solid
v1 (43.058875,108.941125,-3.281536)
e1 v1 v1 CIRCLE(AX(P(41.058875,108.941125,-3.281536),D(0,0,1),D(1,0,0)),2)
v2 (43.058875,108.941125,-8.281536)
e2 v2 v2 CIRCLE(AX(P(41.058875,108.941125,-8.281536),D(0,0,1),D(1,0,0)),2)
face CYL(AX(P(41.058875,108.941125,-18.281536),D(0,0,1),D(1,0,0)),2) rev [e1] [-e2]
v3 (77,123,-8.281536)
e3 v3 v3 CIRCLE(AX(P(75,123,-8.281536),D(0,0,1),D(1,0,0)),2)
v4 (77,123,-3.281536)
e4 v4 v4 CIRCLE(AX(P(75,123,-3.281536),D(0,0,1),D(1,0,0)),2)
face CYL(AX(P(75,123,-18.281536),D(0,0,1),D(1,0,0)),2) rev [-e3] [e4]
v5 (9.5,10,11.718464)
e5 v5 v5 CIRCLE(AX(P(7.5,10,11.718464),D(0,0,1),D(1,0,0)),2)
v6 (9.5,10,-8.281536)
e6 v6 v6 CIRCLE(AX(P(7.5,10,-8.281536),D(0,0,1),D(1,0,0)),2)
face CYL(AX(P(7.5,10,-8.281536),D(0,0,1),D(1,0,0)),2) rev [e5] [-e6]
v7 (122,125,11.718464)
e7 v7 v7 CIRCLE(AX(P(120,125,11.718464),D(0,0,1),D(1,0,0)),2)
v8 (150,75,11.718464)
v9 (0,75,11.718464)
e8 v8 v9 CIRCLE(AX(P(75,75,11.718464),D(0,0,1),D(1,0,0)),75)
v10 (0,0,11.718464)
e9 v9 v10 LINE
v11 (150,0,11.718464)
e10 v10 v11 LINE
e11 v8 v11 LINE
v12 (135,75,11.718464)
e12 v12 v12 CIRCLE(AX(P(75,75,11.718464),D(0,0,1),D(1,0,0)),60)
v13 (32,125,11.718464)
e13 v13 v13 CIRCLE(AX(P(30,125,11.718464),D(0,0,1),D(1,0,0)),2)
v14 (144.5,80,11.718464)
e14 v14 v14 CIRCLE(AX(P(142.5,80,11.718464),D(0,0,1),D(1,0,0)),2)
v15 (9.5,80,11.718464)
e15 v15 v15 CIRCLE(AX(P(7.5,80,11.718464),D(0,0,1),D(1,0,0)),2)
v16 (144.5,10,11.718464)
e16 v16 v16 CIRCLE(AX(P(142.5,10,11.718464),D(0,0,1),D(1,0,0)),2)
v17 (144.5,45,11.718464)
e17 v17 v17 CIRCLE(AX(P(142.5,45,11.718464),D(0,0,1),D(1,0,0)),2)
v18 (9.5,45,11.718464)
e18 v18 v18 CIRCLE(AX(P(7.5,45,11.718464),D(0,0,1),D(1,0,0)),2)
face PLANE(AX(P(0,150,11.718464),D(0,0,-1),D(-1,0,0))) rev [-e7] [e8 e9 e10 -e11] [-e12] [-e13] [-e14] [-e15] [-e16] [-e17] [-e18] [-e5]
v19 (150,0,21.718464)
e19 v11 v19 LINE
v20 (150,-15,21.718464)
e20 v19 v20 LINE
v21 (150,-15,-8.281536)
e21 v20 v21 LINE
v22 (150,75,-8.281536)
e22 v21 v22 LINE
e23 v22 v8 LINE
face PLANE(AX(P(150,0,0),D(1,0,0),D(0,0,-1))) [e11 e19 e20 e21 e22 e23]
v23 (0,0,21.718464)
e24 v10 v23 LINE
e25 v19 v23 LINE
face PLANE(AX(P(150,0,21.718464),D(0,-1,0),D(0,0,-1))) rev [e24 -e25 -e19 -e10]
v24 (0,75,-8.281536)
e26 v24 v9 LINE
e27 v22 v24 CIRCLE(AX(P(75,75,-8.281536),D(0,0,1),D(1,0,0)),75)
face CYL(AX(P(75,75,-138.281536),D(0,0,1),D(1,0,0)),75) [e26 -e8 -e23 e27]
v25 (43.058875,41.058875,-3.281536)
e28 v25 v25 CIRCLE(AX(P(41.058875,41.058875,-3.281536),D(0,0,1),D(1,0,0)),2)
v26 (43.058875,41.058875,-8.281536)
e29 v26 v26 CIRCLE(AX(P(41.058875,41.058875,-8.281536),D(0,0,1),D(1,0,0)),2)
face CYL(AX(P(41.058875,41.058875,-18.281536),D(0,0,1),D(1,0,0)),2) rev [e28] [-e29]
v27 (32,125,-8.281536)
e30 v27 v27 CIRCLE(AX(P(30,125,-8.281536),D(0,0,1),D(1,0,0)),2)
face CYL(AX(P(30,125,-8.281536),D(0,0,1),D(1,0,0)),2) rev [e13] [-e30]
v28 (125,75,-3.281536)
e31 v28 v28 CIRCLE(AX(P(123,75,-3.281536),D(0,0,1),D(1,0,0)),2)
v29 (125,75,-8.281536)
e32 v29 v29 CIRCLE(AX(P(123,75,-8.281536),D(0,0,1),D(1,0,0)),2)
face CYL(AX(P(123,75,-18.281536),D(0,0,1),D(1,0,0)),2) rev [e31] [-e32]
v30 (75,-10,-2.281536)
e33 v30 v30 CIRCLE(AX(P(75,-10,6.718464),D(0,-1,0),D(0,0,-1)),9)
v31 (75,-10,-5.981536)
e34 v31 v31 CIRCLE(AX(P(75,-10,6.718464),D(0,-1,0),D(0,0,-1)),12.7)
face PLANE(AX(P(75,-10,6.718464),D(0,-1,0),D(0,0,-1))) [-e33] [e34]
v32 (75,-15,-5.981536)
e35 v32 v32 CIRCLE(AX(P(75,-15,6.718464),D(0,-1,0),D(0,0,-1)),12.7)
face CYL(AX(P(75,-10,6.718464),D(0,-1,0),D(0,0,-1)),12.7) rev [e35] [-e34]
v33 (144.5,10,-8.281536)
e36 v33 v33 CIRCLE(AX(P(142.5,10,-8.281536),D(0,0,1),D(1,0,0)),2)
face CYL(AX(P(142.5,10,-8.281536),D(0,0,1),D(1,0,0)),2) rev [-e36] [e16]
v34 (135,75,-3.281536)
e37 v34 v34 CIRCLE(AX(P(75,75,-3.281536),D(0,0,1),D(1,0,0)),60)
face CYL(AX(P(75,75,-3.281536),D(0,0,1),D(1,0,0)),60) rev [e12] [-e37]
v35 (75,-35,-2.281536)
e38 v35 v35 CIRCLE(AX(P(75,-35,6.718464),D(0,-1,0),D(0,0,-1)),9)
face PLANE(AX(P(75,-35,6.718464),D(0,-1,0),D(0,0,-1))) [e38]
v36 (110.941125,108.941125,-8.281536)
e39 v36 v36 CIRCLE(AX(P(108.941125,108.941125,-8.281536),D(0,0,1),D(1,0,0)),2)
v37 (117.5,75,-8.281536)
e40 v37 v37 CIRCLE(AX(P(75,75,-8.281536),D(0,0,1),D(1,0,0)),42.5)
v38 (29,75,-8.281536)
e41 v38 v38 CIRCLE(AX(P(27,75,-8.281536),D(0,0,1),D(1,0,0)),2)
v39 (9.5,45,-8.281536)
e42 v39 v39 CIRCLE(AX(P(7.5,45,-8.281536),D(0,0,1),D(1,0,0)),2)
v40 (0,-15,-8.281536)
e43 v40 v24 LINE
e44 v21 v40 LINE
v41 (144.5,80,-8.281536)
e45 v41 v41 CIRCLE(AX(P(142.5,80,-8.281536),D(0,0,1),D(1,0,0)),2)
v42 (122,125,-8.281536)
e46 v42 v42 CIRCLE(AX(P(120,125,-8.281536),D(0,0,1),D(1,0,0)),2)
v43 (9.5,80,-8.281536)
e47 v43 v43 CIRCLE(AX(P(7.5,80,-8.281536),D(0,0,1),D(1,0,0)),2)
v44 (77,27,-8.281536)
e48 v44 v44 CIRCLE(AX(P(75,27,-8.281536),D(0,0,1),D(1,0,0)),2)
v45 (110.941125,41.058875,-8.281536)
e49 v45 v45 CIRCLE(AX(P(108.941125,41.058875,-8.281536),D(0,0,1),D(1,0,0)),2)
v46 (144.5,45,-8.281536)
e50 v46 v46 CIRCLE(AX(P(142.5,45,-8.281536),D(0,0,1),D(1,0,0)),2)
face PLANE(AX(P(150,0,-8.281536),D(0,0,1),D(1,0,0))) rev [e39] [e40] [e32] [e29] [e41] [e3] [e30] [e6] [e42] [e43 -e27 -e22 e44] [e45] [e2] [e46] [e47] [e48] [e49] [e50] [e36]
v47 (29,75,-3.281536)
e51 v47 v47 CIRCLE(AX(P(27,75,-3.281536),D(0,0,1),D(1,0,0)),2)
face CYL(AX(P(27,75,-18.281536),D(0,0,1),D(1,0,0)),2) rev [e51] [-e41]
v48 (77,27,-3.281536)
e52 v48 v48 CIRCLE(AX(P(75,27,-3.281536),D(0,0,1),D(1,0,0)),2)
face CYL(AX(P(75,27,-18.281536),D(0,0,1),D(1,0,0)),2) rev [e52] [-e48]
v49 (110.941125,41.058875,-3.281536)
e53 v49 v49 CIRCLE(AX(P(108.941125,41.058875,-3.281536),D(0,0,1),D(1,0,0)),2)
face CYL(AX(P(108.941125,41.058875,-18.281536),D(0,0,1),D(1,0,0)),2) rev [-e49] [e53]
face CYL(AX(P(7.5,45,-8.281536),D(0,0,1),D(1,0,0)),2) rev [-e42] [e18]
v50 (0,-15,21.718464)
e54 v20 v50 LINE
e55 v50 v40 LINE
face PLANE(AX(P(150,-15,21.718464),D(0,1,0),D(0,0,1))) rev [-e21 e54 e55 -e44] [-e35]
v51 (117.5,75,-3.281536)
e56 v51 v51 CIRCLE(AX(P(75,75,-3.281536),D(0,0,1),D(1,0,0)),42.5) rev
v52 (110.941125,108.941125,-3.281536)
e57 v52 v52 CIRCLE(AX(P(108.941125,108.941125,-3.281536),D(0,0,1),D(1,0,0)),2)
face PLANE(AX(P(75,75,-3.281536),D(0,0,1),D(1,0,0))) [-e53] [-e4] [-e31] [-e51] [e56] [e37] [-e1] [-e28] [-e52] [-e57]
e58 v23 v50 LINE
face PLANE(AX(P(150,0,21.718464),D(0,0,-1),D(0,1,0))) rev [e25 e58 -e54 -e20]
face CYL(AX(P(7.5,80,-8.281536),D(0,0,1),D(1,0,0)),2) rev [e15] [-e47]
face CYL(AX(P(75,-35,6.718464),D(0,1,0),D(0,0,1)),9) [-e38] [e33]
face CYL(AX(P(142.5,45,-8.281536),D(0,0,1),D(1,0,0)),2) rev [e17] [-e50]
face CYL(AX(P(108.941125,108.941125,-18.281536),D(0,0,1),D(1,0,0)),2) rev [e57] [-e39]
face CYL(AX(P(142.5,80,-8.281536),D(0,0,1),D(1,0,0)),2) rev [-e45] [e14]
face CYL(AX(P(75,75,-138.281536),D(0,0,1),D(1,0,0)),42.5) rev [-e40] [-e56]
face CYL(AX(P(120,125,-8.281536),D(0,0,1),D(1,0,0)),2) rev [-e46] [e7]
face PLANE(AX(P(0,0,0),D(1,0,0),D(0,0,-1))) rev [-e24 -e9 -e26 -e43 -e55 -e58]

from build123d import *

# Parameters (mm, degrees)
SKETCH1_W           = 30
SKETCH1_H           = 15
BOSS_EXTRUDE1_DEPTH = 150
SKETCH2_R           = 12.7
CUT_EXTRUDE1_DEPTH  = 5
SKETCH3_R           = 9
BOSS_EXTRUDE2_DEPTH = 25
SKETCH4_W           = 150
SKETCH4_H           = 20
BOSS_EXTRUDE3_DEPTH = 150
SKETCH5_R           = 42.5
CUT_EXTRUDE2_DEPTH  = 150
SKETCH6_R           = 60
CUT_EXTRUDE3_DEPTH  = 15
SKETCH7_R           = 2
CUT_EXTRUDE4_DEPTH  = 15
SKETCH17_R          = 2
CUT_EXTRUDE5_DEPTH  = 20
SKETCH18_R          = 2
CUT_EXTRUDE6_DEPTH  = 20


with BuildPart() as part:
    # Sketch1 → Boss-Extrude1 (new body)
    with BuildSketch(Plane(origin=(0, 0, 0), x_dir=(0, 0, -1), z_dir=(1, 0, 0))):
        with Locations((-6.718464351, -7.5)):
            Rectangle(SKETCH1_W, SKETCH1_H)
    extrude(amount=BOSS_EXTRUDE1_DEPTH)

    # Sketch2 → Cut-Extrude1 (cut)
    with BuildSketch(Plane.XZ.offset(15)):
        with Locations(Location((75, 6.718464351, 0), (0, 0, 270))):
            Circle(SKETCH2_R)
    extrude(amount=-CUT_EXTRUDE1_DEPTH, mode=Mode.SUBTRACT)

    # Sketch3 → Boss-Extrude2 (add)
    with BuildSketch(Plane.XZ.offset(10)):
        with Locations(Location((75, 6.718464351, 0), (0, 0, 270))):
            Circle(SKETCH3_R)
    extrude(amount=BOSS_EXTRUDE2_DEPTH)

    # Sketch4 → Boss-Extrude3 (add)
    with BuildSketch(Plane(origin=(0, 0, 0), x_dir=(1, 0, 0), z_dir=(0, 1, 0))):
        with Locations((75, -1.718464351)):
            Rectangle(SKETCH4_W, SKETCH4_H)
    extrude(amount=BOSS_EXTRUDE3_DEPTH)

    # Sketch5 → Cut-Extrude2 (cut)
    with BuildSketch(Plane.XY.offset(11.718464351)):
        with BuildLine():
            Line((75, 150), (0, 150))
            Line((0, 150), (0, 75))
            ThreePointArc((0, 75), (21.966991411, 128.033008589), (75, 150))
        make_face()
        with BuildLine():
            Line((150, 150), (75, 150))
            ThreePointArc((75, 150), (128.033008589, 128.033008589), (150, 75))
            Line((150, 75), (150, 150))
        make_face()
        with Locations((75, 75)):
            Circle(SKETCH5_R)
    extrude(amount=-CUT_EXTRUDE2_DEPTH, mode=Mode.SUBTRACT)

    # Sketch6 → Cut-Extrude3 (cut)
    with BuildSketch(Plane.XY.offset(11.718464351)):
        with Locations((75, 75)):
            Circle(SKETCH6_R)
    extrude(amount=-CUT_EXTRUDE3_DEPTH, mode=Mode.SUBTRACT)

    # Sketch7 → Cut-Extrude4 (cut)
    with BuildSketch(Plane.XY.offset(-3.281535649)):
        with Locations((75, 123)):
            Circle(SKETCH7_R)
        with Locations((108.941125497, 108.941125497)):
            Circle(SKETCH7_R)
        with Locations((123, 75)):
            Circle(SKETCH7_R)
        with Locations((108.941125497, 41.058874503)):
            Circle(SKETCH7_R)
        with Locations((75, 27)):
            Circle(SKETCH7_R)
        with Locations((41.058874503, 41.058874503)):
            Circle(SKETCH7_R)
        with Locations((27, 75)):
            Circle(SKETCH7_R)
        with Locations((41.058874503, 108.941125497)):
            Circle(SKETCH7_R)
    extrude(amount=-CUT_EXTRUDE4_DEPTH, mode=Mode.SUBTRACT)

    # Sketch17 → Cut-Extrude5 (cut)
    with BuildSketch(Plane.XY.offset(11.718464351)):
        with Locations((7.5, 10)):
            Circle(SKETCH17_R)
        with Locations((142.5, 10)):
            Circle(SKETCH17_R)
        with Locations((142.5, 45)):
            Circle(SKETCH17_R)
        with Locations((142.5, 80)):
            Circle(SKETCH17_R)
        with Locations((7.5, 45)):
            Circle(SKETCH17_R)
        with Locations((7.5, 80)):
            Circle(SKETCH17_R)
    extrude(amount=-CUT_EXTRUDE5_DEPTH, mode=Mode.SUBTRACT)

    # Sketch18 → Cut-Extrude6 (cut)
    with BuildSketch(Plane.XY.offset(11.718464351)):
        with Locations((30, 125)):
            Circle(SKETCH18_R)
        with Locations((120, 125)):
            Circle(SKETCH18_R)
    extrude(amount=-CUT_EXTRUDE6_DEPTH, mode=Mode.SUBTRACT)


solid = part.part
